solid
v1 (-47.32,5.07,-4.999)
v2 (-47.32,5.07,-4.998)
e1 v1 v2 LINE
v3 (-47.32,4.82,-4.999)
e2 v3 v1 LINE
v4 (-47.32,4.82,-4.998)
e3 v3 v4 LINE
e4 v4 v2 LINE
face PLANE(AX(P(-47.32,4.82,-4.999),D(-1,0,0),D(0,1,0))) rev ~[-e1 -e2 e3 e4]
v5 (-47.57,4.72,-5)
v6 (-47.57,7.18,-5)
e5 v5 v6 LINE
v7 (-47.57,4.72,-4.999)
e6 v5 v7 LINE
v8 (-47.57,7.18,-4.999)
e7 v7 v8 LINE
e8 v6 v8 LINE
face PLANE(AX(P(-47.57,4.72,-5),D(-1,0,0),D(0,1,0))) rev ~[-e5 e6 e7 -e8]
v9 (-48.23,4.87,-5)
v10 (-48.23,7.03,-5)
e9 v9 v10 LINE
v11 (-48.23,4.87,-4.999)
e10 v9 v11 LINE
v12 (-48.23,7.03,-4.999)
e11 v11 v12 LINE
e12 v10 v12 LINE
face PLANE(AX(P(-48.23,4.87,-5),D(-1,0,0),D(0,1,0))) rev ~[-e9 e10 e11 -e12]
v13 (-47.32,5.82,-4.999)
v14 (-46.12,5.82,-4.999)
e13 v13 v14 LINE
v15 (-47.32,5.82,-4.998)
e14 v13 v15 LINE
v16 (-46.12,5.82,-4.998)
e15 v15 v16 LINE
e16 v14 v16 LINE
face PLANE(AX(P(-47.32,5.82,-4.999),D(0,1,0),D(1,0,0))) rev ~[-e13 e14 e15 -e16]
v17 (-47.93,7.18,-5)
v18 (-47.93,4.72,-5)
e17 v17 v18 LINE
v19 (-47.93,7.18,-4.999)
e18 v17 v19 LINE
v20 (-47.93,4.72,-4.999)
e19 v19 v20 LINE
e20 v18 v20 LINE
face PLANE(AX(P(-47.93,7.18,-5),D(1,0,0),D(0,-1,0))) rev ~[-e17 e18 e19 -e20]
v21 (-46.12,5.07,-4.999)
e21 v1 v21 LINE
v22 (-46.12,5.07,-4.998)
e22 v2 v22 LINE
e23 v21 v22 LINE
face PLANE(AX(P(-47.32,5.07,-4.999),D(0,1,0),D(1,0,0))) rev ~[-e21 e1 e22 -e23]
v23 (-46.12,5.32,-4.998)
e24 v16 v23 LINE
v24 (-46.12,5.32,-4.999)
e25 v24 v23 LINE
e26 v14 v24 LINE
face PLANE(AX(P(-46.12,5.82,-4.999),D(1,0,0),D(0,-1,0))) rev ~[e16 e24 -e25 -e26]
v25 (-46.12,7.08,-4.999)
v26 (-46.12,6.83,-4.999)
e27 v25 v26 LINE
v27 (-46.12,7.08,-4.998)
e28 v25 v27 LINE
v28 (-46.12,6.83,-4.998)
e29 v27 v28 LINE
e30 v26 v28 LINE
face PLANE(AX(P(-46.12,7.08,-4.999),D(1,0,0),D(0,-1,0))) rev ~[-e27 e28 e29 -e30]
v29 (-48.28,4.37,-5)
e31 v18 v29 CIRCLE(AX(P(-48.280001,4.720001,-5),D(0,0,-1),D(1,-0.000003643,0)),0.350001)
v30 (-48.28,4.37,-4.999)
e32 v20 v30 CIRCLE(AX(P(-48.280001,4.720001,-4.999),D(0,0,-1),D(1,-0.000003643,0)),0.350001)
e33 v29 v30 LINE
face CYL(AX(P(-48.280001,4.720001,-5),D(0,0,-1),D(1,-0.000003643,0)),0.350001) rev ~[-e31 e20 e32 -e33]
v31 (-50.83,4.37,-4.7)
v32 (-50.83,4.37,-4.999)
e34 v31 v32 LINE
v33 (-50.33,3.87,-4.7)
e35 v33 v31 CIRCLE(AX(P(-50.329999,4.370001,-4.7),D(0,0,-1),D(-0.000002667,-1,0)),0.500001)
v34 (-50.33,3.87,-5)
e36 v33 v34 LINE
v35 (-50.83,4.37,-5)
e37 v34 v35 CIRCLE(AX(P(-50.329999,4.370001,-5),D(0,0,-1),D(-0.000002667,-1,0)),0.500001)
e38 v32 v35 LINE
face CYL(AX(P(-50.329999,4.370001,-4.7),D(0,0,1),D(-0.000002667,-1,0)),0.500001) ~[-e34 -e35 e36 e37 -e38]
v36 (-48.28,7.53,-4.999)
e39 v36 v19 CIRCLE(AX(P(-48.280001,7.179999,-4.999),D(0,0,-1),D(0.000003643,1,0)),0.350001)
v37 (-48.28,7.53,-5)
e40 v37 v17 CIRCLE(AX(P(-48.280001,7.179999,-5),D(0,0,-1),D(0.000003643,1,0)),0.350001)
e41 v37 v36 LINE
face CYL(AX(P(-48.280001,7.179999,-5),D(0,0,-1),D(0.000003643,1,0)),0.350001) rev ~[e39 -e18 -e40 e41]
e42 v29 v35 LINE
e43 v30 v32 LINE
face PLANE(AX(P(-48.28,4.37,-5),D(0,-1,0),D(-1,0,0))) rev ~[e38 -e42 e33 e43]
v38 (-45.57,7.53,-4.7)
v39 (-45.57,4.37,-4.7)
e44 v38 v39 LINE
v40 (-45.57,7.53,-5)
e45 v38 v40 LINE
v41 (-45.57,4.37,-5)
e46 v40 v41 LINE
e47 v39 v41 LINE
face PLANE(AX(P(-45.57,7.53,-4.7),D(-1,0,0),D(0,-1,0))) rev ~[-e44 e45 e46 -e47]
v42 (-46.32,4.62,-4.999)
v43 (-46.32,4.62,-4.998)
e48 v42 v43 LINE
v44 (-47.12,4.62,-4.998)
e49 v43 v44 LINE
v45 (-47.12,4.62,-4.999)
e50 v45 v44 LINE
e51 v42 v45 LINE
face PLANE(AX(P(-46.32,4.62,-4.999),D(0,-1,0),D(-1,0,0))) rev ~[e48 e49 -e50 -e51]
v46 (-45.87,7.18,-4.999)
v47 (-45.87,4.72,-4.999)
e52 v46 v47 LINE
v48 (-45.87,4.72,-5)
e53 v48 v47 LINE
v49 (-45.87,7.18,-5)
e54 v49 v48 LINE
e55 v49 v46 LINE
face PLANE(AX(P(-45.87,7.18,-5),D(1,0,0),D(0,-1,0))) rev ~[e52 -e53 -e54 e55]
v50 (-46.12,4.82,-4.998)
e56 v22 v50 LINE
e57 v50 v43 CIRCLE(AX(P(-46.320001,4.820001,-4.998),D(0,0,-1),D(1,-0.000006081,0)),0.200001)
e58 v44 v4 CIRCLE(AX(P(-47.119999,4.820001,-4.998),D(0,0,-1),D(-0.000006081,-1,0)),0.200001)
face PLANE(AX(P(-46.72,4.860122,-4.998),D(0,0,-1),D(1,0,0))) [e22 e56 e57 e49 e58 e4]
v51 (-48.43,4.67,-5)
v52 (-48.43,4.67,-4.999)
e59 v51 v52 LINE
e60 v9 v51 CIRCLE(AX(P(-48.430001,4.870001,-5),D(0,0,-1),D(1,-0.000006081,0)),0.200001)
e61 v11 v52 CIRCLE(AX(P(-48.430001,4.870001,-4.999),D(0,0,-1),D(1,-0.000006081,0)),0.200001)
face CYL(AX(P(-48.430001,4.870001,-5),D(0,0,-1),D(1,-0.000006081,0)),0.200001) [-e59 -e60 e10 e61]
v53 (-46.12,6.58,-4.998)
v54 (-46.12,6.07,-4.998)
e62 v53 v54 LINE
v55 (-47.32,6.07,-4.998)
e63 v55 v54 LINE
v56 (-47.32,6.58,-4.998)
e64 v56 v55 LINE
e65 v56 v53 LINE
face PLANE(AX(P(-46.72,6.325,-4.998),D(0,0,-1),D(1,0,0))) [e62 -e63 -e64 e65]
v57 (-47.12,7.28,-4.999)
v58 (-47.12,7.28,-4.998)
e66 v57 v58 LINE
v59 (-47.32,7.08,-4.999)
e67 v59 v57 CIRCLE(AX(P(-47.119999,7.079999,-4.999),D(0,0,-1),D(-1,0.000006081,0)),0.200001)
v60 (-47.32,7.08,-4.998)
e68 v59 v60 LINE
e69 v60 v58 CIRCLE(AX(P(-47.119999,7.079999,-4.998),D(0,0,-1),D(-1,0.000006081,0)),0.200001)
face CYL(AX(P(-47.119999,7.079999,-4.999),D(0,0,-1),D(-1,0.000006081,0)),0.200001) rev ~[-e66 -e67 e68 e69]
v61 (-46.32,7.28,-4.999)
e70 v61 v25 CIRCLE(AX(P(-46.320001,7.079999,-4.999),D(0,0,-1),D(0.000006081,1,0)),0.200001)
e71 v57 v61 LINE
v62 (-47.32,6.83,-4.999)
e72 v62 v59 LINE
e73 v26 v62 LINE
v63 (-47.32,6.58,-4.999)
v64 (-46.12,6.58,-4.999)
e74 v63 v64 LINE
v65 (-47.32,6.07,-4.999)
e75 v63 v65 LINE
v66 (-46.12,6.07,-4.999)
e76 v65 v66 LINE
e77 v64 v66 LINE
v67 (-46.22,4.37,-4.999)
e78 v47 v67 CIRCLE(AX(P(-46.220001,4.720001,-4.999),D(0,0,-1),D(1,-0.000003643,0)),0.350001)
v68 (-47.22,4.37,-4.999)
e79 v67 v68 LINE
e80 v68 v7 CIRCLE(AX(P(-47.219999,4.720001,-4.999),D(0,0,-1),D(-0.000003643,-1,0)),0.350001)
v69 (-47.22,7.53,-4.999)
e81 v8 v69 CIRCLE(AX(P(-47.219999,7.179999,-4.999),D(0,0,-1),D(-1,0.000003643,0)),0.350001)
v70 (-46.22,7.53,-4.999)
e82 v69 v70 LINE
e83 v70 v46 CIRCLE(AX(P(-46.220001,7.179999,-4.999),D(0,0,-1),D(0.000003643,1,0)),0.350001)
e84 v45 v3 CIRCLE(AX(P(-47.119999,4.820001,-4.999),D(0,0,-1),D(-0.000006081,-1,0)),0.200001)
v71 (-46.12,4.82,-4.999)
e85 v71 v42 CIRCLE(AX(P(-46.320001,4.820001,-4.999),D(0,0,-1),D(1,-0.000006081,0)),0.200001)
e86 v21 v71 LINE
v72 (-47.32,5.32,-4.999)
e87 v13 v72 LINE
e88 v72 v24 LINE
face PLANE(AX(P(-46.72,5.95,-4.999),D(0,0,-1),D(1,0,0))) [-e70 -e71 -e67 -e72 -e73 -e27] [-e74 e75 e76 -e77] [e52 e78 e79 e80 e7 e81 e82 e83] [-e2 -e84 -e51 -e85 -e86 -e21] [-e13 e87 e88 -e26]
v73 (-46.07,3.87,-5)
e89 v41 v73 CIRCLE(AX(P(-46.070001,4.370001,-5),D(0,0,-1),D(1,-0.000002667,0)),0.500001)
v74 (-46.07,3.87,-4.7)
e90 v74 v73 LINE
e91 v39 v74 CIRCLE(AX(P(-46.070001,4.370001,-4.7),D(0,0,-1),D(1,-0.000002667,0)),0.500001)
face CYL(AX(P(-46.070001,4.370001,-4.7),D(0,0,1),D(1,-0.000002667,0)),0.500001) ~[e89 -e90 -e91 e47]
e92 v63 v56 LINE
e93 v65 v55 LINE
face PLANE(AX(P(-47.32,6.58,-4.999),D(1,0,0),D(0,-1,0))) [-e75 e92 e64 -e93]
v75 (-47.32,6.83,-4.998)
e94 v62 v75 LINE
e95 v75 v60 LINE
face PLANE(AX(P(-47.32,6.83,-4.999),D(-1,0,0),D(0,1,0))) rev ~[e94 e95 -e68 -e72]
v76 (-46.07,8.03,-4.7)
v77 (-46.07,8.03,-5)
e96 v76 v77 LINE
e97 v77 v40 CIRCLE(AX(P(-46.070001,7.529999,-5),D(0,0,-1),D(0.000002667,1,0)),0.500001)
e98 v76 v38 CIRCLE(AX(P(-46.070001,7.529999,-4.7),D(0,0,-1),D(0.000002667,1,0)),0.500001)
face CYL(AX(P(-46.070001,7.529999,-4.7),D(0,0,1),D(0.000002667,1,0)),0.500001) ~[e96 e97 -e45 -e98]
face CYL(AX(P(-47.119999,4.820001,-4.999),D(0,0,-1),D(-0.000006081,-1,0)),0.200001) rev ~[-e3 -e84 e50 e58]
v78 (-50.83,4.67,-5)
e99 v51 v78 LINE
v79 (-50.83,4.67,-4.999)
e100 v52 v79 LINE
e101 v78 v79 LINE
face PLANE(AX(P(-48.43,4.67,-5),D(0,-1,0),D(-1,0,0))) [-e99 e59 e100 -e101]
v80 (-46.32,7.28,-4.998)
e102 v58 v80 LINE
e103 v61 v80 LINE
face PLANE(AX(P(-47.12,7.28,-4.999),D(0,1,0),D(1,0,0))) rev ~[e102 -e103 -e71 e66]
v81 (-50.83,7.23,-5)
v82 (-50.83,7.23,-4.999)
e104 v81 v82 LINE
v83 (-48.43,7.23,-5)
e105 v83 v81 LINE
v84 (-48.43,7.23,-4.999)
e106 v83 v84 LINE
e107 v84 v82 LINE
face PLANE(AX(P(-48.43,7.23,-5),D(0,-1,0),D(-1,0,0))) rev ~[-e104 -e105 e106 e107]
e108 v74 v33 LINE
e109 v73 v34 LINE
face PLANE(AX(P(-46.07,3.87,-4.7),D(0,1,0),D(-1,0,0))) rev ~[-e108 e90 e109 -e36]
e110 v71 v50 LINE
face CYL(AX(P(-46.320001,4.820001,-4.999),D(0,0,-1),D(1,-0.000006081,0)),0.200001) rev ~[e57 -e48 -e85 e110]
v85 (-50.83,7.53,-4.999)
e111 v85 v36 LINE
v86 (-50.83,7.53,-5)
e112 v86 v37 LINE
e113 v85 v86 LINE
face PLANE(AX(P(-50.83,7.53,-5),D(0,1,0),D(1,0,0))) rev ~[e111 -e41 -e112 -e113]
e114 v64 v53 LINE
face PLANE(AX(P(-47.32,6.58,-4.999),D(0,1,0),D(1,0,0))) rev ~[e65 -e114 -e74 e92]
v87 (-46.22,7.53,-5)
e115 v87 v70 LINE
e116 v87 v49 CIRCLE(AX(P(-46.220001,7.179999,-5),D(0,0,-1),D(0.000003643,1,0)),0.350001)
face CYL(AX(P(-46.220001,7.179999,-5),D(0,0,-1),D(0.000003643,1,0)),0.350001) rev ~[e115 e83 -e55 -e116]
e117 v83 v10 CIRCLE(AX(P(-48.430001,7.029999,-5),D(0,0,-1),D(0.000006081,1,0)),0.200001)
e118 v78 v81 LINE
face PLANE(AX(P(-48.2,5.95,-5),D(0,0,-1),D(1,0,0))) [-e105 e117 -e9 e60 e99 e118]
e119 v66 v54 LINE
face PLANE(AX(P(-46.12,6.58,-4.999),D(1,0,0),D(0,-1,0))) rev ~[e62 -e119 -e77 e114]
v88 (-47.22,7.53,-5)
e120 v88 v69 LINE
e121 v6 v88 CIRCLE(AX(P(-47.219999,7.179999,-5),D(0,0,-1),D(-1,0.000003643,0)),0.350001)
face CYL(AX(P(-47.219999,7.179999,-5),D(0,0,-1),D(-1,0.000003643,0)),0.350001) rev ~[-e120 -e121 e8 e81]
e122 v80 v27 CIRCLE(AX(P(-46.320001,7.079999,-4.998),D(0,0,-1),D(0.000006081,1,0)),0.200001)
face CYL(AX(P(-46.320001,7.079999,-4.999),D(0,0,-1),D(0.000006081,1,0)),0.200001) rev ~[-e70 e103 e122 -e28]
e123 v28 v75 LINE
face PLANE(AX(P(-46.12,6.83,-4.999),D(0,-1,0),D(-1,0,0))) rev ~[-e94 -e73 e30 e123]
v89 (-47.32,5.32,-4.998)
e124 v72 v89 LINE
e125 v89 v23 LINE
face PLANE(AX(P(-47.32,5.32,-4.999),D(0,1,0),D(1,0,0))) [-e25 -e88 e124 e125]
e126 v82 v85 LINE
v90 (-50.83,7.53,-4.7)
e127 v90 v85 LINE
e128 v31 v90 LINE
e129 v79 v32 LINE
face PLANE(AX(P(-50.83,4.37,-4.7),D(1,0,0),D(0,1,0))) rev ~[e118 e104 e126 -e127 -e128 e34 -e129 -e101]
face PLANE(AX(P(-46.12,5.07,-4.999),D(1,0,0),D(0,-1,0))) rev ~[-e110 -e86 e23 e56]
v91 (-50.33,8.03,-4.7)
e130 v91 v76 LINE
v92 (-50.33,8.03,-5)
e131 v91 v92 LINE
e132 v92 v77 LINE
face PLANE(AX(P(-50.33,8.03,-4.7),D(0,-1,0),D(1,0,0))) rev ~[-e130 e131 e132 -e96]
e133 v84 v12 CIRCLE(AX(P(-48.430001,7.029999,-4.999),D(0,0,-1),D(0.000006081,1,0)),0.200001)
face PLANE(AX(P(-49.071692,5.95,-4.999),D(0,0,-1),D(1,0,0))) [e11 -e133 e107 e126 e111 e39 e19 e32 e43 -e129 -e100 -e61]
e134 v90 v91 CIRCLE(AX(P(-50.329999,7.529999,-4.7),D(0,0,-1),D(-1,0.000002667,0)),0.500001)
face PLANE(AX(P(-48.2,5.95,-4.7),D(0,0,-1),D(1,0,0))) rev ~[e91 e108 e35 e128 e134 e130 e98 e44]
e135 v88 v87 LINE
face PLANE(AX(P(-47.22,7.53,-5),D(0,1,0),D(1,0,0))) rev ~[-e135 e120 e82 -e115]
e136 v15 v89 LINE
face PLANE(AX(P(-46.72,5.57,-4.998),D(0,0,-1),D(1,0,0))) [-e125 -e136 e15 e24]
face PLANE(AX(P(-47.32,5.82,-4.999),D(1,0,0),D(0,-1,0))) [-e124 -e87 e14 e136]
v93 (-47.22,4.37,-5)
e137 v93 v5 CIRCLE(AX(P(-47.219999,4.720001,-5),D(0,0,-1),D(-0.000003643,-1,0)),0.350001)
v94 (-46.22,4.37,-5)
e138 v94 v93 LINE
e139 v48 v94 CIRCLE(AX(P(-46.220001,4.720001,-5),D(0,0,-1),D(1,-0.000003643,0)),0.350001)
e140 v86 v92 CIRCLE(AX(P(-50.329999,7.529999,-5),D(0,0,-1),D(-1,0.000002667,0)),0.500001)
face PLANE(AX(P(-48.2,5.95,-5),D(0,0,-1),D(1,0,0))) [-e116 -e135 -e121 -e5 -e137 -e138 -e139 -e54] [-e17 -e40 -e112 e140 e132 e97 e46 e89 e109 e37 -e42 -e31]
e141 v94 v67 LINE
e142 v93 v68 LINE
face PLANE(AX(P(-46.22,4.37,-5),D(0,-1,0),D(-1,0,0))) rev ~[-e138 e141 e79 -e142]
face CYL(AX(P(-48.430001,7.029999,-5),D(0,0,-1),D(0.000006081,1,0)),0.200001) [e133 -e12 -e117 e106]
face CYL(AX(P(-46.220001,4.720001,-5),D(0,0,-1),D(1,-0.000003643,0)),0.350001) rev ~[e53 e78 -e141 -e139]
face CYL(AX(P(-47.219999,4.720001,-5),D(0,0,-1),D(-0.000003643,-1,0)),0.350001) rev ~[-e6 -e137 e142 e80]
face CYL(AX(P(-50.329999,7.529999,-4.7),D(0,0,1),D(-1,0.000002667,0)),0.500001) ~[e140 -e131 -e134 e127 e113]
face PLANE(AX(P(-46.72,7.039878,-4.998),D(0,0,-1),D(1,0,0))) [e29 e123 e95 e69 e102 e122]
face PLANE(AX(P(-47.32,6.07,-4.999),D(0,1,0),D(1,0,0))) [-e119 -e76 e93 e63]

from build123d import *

# Parameters (mm, degrees)
PAD008_DEPTH    = 0.3
POCKET024_DEPTH = 0.001
SKETCH035_W     = 1.2
SKETCH035_H     = 0.51
SKETCH035_H_2   = 0.5
POCKET025_DEPTH = 0.001


with BuildPart() as part:
    # Sketch033 (on Face1 of Binder008) → Pad008 (new body)
    with BuildSketch(Plane(origin=(0, 0, -4.7), x_dir=(1, 0, 0), z_dir=(0, 0, -1))):
        with BuildLine():
            Line((-50.83, -4.37), (-50.83, -7.53))
            ThreePointArc((-50.83, -7.53), (-50.683553, -7.883553), (-50.33, -8.03))
            Line((-50.33, -8.03), (-46.07, -8.03))
            ThreePointArc((-46.07, -8.03), (-45.716447, -7.883553), (-45.57, -7.53))
            Line((-45.57, -7.53), (-45.57, -4.37))
            ThreePointArc((-45.57, -4.37), (-45.716447, -4.016447), (-46.07, -3.87))
            Line((-46.07, -3.87), (-50.33, -3.87))
            ThreePointArc((-50.33, -3.87), (-50.683553, -4.016447), (-50.83, -4.37))
        make_face()
    extrude(amount=PAD008_DEPTH)

    # Sketch034 (on Face10 of Pad008) → Pocket024 (cut)
    with BuildSketch(Plane(origin=(0, 0, -5), x_dir=(1, 0, 0), z_dir=(0, 0, -1))):
        with BuildLine():
            Line((-48.23, -4.87), (-48.23, -7.03))
            ThreePointArc((-48.43, -7.23), (-48.288579, -7.171421), (-48.23, -7.03))
            Line((-48.43, -7.23), (-50.83, -7.23))
            Line((-50.83, -7.23), (-50.83, -7.53))
            Line((-50.83, -7.53), (-48.28, -7.53))
            ThreePointArc((-48.28, -7.53), (-48.032513, -7.427487), (-47.93, -7.18))
            Line((-47.93, -7.18), (-47.93, -4.72))
            ThreePointArc((-47.93, -4.72), (-48.032513, -4.472513), (-48.28, -4.37))
            Line((-48.28, -4.37), (-50.83, -4.37))
            Line((-50.83, -4.67), (-50.83, -4.37))
            Line((-48.43, -4.67), (-50.83, -4.67))
            ThreePointArc((-48.23, -4.87), (-48.288579, -4.728579), (-48.43, -4.67))
        make_face()
        with BuildLine():
            Line((-47.57, -4.72), (-47.57, -7.18))
            ThreePointArc((-47.57, -7.18), (-47.467487, -7.427487), (-47.22, -7.53))
            Line((-47.22, -7.53), (-46.22, -7.53))
            ThreePointArc((-46.22, -7.53), (-45.972513, -7.427487), (-45.87, -7.18))
            Line((-45.87, -7.18), (-45.87, -4.72))
            ThreePointArc((-45.87, -4.72), (-45.972513, -4.472513), (-46.22, -4.37))
            Line((-46.22, -4.37), (-47.22, -4.37))
            ThreePointArc((-47.22, -4.37), (-47.467487, -4.472513), (-47.57, -4.72))
        make_face()
    extrude(amount=-POCKET024_DEPTH, mode=Mode.SUBTRACT)

    # Sketch035 (on Face31 of Pocket024) → Pocket025 (cut)
    with BuildSketch(Plane(origin=(0, 0, -4.999), x_dir=(1, 0, 0), z_dir=(0, 0, -1))):
        with BuildLine():
            Line((-47.32, -6.83), (-47.32, -7.08))
            ThreePointArc((-47.32, -7.08), (-47.261421, -7.221421), (-47.12, -7.28))
            Line((-47.12, -7.28), (-46.32, -7.28))
            ThreePointArc((-46.32, -7.28), (-46.178579, -7.221421), (-46.12, -7.08))
            Line((-46.12, -7.08), (-46.12, -6.83))
            Line((-46.12, -6.83), (-47.32, -6.83))
        make_face()
        with Locations((-46.72, -6.325)):
            Rectangle(SKETCH035_W, SKETCH035_H)
        with Locations((-46.72, -5.57)):
            Rectangle(SKETCH035_W, SKETCH035_H_2)
        with BuildLine():
            Line((-47.32, -4.82), (-47.32, -5.07))
            Line((-47.32, -5.07), (-46.12, -5.07))
            Line((-46.12, -5.07), (-46.12, -4.82))
            ThreePointArc((-46.12, -4.82), (-46.178579, -4.678579), (-46.32, -4.62))
            Line((-46.32, -4.62), (-47.12, -4.62))
            ThreePointArc((-47.12, -4.62), (-47.261421, -4.678579), (-47.32, -4.82))
        make_face()
    extrude(amount=-POCKET025_DEPTH, mode=Mode.SUBTRACT)


solid = part.part
